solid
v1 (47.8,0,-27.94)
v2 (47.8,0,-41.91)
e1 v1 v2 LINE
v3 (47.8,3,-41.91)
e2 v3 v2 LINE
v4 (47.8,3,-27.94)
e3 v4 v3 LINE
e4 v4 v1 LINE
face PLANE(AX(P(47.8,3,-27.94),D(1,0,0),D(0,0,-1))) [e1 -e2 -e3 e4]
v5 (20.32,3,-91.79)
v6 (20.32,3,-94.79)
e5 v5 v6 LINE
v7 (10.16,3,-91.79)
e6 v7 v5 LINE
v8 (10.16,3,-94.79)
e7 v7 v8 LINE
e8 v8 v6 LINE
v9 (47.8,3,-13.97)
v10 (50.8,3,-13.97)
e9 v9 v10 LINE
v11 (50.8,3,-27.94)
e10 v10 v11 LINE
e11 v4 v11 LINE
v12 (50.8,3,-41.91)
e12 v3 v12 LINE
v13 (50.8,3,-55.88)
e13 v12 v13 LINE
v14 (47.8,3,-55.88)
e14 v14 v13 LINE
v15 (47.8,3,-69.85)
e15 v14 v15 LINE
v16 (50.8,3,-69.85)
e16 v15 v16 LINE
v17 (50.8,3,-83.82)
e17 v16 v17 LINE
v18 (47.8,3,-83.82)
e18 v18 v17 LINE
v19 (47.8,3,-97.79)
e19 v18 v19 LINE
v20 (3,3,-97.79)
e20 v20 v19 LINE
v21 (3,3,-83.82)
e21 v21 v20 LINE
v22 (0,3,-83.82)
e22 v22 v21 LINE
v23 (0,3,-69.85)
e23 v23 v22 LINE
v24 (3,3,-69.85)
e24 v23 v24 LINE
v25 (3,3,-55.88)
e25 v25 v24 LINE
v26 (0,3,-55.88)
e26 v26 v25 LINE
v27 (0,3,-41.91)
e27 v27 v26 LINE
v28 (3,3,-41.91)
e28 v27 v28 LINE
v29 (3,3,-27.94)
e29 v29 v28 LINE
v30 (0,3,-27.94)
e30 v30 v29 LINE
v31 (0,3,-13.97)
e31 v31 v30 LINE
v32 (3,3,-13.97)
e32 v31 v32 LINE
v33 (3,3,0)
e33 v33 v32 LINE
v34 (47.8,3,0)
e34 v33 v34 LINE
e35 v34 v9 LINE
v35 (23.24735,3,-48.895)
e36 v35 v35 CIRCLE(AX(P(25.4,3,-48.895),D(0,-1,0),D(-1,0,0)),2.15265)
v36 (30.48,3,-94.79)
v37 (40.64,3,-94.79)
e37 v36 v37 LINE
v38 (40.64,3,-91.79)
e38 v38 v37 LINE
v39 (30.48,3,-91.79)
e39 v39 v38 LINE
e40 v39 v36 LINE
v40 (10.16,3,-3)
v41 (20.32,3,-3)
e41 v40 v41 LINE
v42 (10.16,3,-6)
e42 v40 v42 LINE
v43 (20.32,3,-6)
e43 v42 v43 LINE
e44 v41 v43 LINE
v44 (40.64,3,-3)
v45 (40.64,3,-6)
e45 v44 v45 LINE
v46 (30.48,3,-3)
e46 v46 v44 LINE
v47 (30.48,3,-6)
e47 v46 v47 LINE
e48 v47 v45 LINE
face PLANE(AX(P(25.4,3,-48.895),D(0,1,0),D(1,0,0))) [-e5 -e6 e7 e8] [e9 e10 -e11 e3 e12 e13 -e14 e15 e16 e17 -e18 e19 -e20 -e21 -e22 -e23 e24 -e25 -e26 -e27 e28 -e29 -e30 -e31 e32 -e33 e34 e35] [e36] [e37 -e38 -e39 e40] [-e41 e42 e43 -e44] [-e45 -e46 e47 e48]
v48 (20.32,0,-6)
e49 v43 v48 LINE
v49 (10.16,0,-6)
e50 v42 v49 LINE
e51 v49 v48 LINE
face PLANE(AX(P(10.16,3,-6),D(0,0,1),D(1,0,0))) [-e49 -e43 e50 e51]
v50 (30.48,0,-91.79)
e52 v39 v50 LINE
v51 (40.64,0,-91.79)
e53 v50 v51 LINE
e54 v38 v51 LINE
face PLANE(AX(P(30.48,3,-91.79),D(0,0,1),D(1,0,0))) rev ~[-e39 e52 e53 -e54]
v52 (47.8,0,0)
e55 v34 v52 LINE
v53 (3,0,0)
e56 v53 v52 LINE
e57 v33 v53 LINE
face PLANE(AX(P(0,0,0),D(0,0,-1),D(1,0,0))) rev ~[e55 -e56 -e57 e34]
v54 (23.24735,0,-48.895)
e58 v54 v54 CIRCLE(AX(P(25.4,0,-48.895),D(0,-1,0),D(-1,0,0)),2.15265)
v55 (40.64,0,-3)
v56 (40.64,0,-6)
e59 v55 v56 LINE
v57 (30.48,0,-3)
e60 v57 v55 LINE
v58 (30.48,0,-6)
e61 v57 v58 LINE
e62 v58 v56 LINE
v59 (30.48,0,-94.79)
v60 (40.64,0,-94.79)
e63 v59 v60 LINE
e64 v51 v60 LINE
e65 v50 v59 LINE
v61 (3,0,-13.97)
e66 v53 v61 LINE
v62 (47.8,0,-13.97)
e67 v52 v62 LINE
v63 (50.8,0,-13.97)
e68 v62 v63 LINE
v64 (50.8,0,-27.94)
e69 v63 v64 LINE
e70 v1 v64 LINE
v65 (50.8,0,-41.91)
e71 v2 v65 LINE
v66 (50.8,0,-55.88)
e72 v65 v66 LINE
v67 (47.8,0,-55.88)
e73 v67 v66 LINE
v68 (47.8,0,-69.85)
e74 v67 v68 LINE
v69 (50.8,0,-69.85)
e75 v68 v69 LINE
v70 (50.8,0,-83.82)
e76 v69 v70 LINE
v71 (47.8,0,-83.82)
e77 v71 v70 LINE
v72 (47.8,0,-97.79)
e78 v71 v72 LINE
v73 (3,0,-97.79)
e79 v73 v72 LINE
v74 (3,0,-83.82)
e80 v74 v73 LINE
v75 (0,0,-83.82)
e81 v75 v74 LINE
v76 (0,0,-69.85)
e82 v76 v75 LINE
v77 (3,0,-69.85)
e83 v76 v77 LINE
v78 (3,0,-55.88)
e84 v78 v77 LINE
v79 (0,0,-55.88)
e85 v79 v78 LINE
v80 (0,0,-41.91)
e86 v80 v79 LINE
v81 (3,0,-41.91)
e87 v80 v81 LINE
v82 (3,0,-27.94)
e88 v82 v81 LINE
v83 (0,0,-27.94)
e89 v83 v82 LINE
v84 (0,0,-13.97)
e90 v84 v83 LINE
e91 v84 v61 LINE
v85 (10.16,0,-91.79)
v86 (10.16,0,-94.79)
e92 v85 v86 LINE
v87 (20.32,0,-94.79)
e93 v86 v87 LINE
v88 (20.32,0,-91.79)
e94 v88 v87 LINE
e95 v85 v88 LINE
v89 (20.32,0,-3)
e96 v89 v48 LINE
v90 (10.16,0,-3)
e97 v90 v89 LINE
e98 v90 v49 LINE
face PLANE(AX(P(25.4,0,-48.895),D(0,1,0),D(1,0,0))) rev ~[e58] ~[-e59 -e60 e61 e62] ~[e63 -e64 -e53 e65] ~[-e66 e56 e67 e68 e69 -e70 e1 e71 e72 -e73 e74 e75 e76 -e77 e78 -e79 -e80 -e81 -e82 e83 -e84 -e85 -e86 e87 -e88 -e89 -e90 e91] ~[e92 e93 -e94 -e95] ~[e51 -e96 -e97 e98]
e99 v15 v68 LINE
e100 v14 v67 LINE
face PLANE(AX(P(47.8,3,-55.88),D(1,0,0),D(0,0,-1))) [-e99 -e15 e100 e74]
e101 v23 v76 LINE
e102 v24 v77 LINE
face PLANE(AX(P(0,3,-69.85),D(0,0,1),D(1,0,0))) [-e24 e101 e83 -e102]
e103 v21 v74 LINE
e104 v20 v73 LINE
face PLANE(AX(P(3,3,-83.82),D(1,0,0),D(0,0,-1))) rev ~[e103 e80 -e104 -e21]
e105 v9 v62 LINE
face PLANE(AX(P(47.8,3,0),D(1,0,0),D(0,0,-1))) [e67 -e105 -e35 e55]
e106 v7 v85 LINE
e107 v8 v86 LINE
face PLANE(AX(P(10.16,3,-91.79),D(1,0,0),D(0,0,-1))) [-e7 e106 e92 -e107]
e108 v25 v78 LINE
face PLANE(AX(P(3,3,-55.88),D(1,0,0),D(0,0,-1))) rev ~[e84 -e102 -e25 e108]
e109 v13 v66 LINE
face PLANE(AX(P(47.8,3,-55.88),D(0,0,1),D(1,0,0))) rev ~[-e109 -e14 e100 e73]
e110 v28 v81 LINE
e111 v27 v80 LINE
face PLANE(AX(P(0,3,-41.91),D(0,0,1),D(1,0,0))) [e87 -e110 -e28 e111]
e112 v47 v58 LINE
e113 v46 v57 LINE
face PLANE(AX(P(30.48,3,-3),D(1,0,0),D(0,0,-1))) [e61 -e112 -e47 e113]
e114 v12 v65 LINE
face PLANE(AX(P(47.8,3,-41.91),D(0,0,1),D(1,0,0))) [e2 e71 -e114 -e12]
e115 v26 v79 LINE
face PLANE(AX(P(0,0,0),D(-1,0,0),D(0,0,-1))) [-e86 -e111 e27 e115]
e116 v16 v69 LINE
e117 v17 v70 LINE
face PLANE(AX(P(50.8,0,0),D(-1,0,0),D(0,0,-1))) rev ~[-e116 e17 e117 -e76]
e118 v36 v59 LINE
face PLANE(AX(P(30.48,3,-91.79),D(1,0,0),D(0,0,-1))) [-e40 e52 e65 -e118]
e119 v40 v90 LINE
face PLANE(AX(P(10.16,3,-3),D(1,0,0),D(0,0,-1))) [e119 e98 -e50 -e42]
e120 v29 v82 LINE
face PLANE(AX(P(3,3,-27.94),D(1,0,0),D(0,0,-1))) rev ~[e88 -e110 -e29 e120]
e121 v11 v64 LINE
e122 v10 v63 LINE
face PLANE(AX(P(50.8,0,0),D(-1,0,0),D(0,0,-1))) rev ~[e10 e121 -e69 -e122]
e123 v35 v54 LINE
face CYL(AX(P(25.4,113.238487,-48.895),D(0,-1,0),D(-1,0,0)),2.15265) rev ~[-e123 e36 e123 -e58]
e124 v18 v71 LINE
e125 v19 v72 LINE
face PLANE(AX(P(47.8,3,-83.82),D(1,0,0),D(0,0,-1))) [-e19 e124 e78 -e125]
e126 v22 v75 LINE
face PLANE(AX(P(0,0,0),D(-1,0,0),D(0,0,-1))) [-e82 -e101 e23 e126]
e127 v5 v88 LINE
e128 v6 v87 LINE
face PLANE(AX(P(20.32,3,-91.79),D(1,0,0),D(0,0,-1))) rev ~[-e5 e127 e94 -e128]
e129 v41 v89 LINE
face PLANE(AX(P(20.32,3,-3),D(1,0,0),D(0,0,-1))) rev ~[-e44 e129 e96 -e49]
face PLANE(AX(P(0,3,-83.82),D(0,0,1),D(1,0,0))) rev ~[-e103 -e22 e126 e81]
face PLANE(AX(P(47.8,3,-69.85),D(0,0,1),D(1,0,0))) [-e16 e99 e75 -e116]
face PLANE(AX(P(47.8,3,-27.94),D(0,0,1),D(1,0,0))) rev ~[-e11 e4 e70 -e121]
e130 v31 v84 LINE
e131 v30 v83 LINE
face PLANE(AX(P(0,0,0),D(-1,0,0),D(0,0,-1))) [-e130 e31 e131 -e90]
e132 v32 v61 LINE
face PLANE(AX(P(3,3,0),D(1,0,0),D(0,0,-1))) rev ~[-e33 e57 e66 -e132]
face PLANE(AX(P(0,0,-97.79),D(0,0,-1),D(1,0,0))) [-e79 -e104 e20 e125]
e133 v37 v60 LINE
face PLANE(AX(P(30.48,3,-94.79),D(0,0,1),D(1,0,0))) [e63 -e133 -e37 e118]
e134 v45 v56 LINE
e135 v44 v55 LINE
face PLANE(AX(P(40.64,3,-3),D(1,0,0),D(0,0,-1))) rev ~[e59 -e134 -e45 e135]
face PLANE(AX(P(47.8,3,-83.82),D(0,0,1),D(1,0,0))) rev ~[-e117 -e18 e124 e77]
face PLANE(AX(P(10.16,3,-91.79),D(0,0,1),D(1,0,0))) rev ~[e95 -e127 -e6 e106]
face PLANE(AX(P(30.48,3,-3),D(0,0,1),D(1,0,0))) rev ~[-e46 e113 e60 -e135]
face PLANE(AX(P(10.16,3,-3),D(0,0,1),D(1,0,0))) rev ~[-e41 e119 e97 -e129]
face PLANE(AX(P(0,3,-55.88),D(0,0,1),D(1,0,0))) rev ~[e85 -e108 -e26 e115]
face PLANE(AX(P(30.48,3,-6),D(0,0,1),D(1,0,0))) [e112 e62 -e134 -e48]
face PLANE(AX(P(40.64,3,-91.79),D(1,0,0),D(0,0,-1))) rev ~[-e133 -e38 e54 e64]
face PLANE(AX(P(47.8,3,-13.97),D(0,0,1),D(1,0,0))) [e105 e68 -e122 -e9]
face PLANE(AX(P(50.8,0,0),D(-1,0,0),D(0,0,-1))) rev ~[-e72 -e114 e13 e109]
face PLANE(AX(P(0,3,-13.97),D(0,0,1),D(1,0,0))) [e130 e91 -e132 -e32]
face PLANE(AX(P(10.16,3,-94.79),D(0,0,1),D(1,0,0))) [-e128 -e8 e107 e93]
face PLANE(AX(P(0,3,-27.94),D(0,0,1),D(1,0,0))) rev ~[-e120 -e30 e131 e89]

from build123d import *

# Parameters (mm, degrees)
SKETCH1_W             = 50.8
SKETCH1_H             = 97.79
BOSS_EXTRUDE1_DEPTH   = 3
SKETCH2_W             = 10.16
SKETCH2_H             = 3
SKETCH2_W_2           = 3
SKETCH2_H_2           = 13.97
CUT_EXTRUDE1_DEPTH    = 4
F_8_CLEARANCE_HOLE2_D = 4.3053


with BuildPart() as part:
    # Sketch1 → Boss-Extrude1 (new body)
    with BuildSketch(Plane(origin=(0, 0, 0), x_dir=(1, 0, 0), z_dir=(0, 1, 0))):
        with Locations((25.4, 48.895)):
            Rectangle(SKETCH1_W, SKETCH1_H)
    extrude(amount=BOSS_EXTRUDE1_DEPTH)

    # Sketch2 → Cut-Extrude1 (cut, through all)
    with BuildSketch(Plane(origin=(0, 3, 0), x_dir=(1, 0, 0), z_dir=(0, 1, 0))):
        with Locations((15.24, 93.29)):
            Rectangle(SKETCH2_W, SKETCH2_H)
        with Locations((35.56, 93.29)):
            Rectangle(SKETCH2_W, SKETCH2_H)
        with Locations((49.3, 90.805)):
            Rectangle(SKETCH2_W_2, SKETCH2_H_2)
        with Locations((49.3, 62.865)):
            Rectangle(SKETCH2_W_2, SKETCH2_H_2)
        with Locations((49.3, 34.925)):
            Rectangle(SKETCH2_W_2, SKETCH2_H_2)
        with Locations((49.3, 6.985)):
            Rectangle(SKETCH2_W_2, SKETCH2_H_2)
        with Locations((35.56, 4.5)):
            Rectangle(SKETCH2_W, SKETCH2_H)
        with Locations((15.24, 4.5)):
            Rectangle(SKETCH2_W, SKETCH2_H)
        with Locations((1.5, 6.985)):
            Rectangle(SKETCH2_W_2, SKETCH2_H_2)
        with Locations((1.5, 34.925)):
            Rectangle(SKETCH2_W_2, SKETCH2_H_2)
        with Locations((1.5, 62.865)):
            Rectangle(SKETCH2_W_2, SKETCH2_H_2)
        with Locations((1.5, 90.805)):
            Rectangle(SKETCH2_W_2, SKETCH2_H_2)
    extrude(amount=-CUT_EXTRUDE1_DEPTH, mode=Mode.SUBTRACT)

    # #8 Clearance Hole2 (through all)
    with Locations(Plane(origin=(0, 3, 0), x_dir=(1, 0, 0), z_dir=(0, 1, 0))):
        with Locations((25.4, 48.895)):
            Hole(F_8_CLEARANCE_HOLE2_D / 2)


solid = part.part
